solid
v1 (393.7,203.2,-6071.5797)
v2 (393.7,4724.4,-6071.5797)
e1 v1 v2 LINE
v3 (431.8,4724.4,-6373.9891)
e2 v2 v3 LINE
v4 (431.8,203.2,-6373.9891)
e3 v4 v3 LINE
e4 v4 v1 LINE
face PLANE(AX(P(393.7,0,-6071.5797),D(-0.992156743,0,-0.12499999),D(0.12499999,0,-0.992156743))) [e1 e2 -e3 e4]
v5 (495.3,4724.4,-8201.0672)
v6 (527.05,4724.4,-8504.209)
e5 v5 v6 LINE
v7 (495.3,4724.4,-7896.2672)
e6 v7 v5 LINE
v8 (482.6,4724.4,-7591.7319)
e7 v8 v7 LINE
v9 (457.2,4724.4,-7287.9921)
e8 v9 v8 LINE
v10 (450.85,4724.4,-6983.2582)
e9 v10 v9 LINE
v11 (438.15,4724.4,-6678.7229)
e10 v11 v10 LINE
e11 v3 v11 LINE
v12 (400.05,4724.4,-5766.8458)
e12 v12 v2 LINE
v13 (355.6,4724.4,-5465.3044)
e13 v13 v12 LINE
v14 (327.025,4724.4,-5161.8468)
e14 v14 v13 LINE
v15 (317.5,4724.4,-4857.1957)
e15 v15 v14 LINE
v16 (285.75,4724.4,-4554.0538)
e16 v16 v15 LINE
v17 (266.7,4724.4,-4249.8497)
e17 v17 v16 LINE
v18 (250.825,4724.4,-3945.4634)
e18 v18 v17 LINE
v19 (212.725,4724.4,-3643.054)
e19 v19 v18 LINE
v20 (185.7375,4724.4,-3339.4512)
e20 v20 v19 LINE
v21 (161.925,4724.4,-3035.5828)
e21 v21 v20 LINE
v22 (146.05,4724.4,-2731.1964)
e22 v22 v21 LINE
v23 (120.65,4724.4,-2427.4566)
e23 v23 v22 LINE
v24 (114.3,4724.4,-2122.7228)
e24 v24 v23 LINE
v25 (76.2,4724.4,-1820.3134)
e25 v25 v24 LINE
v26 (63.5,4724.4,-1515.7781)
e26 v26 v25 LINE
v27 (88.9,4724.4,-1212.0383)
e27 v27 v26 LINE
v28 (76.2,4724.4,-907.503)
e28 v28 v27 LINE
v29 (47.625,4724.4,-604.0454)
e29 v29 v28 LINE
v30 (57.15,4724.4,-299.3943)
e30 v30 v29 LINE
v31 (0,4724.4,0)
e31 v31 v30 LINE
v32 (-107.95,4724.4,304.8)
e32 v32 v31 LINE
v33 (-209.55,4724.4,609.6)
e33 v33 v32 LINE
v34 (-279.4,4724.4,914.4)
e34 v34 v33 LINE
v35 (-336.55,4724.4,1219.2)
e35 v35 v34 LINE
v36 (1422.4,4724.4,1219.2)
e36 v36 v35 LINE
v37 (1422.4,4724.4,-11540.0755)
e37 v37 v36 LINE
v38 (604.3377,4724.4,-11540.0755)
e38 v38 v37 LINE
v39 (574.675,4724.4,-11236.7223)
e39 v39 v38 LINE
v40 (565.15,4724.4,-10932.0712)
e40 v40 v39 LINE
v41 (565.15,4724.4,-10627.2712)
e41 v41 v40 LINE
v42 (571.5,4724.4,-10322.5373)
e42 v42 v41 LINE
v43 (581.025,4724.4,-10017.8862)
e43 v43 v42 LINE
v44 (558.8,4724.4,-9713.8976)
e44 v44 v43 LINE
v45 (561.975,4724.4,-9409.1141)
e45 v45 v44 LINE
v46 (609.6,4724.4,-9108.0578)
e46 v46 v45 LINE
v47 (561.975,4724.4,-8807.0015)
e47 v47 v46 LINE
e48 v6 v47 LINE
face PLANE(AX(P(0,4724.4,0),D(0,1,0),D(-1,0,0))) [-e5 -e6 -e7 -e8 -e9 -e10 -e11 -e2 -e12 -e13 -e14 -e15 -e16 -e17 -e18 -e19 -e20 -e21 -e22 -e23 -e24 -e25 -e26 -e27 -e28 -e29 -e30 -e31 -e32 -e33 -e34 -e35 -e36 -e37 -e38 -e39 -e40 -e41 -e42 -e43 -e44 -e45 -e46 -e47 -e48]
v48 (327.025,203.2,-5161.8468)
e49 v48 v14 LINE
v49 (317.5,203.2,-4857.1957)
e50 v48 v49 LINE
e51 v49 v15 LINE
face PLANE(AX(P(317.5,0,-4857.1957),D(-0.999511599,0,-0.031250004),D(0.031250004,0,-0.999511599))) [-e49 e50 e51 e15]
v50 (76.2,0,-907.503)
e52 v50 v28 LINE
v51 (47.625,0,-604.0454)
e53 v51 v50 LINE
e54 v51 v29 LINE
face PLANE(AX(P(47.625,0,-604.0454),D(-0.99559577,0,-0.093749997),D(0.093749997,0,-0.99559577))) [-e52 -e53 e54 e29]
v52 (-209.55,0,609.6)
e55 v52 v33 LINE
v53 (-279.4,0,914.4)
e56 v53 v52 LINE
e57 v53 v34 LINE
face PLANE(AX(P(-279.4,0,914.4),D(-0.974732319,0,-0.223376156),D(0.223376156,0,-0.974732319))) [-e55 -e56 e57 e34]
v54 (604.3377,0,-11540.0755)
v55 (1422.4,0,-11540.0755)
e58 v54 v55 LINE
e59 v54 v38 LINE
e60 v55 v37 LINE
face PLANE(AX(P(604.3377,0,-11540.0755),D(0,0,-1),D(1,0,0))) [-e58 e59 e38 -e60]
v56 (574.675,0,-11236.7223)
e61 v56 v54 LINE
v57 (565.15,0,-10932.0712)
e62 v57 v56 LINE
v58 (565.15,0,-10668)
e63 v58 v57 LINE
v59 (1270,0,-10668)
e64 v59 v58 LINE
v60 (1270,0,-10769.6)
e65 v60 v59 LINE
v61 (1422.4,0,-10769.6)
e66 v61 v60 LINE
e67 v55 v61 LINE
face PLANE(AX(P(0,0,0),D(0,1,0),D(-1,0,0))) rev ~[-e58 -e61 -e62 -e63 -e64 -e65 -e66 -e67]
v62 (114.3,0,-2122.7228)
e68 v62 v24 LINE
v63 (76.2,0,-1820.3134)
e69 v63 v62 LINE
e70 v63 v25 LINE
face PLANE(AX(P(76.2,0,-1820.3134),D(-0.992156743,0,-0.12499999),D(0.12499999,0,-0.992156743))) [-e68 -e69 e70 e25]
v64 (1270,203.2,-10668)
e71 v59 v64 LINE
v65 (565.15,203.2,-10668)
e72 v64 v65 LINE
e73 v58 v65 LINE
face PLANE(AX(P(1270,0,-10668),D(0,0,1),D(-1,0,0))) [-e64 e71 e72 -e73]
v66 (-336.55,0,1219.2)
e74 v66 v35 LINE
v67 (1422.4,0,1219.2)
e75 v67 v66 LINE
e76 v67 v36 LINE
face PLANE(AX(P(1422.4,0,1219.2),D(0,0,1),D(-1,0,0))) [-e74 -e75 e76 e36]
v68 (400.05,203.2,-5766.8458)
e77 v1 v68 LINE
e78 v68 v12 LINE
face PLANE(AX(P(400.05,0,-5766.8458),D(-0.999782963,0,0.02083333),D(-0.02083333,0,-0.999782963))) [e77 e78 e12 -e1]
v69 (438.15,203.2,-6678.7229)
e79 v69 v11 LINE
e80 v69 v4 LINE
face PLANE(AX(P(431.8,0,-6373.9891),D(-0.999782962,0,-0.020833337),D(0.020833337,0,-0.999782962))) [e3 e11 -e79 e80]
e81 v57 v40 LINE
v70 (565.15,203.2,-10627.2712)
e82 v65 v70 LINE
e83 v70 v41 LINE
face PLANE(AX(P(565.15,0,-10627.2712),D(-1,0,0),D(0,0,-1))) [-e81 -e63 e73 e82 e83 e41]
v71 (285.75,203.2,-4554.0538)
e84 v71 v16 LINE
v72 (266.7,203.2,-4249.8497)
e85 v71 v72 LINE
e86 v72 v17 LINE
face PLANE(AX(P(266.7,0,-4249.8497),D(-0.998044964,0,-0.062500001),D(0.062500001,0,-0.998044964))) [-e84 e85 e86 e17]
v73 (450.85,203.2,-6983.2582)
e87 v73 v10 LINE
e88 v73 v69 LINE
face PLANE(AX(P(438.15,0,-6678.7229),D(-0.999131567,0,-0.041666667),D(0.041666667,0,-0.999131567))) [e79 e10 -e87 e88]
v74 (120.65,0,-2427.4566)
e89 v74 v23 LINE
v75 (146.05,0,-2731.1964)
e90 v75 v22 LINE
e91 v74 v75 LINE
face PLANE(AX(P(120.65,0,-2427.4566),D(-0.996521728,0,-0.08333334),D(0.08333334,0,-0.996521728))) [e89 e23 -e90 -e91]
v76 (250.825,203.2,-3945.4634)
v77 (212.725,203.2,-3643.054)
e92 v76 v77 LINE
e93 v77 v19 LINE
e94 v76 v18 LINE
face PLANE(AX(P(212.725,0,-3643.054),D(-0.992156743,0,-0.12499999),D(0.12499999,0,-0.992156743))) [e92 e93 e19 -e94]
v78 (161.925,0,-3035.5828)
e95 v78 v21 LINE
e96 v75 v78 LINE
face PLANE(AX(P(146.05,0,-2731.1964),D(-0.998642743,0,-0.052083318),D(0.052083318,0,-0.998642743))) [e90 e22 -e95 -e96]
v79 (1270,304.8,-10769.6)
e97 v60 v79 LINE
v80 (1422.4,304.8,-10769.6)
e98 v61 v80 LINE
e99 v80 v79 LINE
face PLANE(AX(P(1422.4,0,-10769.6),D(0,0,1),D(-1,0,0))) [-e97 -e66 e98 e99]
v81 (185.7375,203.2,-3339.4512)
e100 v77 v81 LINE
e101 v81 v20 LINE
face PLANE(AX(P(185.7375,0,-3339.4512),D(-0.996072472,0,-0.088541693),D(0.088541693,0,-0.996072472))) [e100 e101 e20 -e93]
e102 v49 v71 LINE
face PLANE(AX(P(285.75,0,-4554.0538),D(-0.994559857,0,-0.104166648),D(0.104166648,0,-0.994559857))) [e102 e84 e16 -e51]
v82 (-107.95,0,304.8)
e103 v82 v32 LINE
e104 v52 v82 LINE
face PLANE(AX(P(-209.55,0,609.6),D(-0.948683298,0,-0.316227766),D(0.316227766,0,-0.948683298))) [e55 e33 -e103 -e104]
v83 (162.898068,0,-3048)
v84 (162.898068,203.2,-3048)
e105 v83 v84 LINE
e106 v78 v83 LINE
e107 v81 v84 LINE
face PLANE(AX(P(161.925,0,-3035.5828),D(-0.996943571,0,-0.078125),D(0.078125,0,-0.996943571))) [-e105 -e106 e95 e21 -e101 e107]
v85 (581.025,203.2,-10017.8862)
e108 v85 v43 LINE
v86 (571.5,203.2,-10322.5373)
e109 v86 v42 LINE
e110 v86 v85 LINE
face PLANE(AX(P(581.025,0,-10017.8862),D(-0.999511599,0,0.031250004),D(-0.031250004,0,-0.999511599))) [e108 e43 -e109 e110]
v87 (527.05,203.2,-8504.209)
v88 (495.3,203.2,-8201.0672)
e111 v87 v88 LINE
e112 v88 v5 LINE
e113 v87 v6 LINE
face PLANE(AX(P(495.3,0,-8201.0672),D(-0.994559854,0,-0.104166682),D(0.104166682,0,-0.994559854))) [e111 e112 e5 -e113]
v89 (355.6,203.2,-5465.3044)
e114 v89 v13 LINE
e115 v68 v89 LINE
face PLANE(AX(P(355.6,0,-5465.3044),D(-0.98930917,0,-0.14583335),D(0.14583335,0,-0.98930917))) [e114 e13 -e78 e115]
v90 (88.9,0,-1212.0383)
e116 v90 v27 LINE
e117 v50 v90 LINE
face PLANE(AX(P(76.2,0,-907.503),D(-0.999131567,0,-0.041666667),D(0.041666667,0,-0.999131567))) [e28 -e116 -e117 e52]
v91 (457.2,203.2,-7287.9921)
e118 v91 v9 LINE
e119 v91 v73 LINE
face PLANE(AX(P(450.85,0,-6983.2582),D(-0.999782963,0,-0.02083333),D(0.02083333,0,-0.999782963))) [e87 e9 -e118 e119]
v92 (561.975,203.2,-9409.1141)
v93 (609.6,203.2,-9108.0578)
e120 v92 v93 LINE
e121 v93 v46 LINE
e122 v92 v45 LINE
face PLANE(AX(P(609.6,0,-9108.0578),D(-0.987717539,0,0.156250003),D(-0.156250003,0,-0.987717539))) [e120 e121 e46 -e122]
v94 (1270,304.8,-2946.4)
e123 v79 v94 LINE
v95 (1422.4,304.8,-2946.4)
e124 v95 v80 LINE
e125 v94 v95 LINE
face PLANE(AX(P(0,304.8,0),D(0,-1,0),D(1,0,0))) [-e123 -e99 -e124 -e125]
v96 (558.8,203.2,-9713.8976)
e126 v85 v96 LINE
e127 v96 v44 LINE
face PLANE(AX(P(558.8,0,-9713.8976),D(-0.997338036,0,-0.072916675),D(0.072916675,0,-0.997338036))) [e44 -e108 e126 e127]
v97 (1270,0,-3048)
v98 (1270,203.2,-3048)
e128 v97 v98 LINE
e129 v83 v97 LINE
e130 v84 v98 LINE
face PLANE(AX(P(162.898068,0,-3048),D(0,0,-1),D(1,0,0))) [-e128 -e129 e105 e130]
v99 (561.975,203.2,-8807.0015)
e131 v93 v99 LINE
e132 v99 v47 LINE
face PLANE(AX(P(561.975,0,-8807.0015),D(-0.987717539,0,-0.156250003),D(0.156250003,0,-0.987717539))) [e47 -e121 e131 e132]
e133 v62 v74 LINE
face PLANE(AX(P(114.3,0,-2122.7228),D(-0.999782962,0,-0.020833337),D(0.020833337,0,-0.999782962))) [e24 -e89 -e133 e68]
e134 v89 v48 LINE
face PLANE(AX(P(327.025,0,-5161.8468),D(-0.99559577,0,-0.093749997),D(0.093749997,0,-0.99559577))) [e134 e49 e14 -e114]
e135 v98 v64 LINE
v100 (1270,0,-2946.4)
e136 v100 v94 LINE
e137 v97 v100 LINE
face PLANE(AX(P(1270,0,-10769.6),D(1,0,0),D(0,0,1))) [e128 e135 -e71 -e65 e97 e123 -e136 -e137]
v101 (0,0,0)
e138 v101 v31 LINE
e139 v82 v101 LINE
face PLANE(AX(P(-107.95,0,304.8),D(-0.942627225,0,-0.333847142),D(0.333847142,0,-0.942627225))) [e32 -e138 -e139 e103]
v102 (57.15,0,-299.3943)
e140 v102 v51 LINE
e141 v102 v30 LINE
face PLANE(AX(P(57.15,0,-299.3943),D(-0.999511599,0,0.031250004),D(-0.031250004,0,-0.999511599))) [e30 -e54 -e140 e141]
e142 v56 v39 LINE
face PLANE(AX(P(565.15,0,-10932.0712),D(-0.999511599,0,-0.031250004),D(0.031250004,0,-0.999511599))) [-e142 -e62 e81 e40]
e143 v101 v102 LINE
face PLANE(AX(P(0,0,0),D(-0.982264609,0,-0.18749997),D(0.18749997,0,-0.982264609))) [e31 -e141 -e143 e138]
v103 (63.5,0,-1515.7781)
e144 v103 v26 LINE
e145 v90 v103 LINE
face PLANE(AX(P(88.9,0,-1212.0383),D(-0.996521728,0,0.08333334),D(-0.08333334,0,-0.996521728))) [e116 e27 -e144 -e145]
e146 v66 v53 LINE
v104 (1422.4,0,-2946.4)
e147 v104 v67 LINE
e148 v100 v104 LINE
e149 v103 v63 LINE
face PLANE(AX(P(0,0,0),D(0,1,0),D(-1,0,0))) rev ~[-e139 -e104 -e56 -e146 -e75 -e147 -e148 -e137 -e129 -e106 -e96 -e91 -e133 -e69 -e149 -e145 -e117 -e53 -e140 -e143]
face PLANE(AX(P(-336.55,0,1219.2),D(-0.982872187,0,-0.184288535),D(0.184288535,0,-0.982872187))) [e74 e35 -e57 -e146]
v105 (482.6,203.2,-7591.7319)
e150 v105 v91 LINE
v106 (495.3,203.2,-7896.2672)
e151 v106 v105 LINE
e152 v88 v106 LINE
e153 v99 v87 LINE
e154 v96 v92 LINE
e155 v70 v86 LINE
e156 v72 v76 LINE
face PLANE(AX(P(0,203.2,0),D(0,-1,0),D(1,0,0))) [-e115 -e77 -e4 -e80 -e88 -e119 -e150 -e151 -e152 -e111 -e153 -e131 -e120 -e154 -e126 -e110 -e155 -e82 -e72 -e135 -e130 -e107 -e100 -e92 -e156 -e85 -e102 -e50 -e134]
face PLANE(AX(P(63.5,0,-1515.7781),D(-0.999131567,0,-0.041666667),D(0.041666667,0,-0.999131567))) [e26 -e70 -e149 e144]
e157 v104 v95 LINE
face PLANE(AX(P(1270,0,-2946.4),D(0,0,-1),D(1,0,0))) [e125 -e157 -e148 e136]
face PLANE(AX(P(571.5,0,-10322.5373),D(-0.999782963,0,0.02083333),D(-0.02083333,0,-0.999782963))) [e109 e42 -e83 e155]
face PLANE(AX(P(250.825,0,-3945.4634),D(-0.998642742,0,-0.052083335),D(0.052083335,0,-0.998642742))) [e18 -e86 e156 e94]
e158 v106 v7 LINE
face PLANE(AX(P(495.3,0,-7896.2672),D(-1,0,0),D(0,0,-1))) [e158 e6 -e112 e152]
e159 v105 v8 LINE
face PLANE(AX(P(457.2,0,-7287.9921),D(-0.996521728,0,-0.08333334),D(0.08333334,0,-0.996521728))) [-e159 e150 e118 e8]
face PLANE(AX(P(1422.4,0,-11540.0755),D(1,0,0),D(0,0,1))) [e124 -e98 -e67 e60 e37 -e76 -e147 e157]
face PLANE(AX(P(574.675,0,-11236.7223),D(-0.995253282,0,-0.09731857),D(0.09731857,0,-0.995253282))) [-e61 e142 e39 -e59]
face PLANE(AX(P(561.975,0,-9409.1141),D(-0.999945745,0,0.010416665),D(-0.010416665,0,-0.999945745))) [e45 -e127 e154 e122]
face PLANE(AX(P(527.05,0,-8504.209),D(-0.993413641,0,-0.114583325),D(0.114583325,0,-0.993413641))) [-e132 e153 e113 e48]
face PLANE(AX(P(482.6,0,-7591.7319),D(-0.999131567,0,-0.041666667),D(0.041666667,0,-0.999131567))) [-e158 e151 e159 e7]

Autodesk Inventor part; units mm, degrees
ref_plane "XZ Plane" through (0, 0, 0) normal (0, 1, 0) x (-1, 0, 0)
sketch "Sketch1" plane through (0, 0, 0) normal (0, 1, 0) x (-1, 0, 0)
  line L0 (368.3, 1219.2) -> (368.3, -11582.4)
  line L1 (368.3, 1219.2) -> (336.55, 1219.2)
  line L2 (336.55, 1219.2) -> (279.4, 914.4)
  line L3 (279.4, 914.4) -> (209.55, 609.6)
  line L4 (209.55, 609.6) -> (107.95, 304.8)
  line L5 (107.95, 304.8) -> (0, 0)
  line L6 (0, 0) -> (-57.15, -299.3943)
  line L7 (-57.15, -299.3943) -> (-47.625, -604.0454)
  line L8 (-47.625, -604.0454) -> (-76.2, -907.503)
  line L9 (-76.2, -907.503) -> (-88.9, -1212.0383)
  line L10 (-88.9, -1212.0383) -> (-63.5, -1515.7781)
  line L11 (-63.5, -1515.7781) -> (-76.2, -1820.3134)
  line L12 (-76.2, -1820.3134) -> (-114.3, -2122.7228)
  line L13 (-114.3, -2122.7228) -> (-120.65, -2427.4566)
  line L14 (-120.65, -2427.4566) -> (-146.05, -2731.1964)
  line L15 (-146.05, -2731.1964) -> (-161.925, -3035.5828)
  line L16 (-161.925, -3035.5828) -> (-185.7375, -3339.4512)
  line L17 (-185.7375, -3339.4512) -> (-212.725, -3643.054)
  line L18 (-212.725, -3643.054) -> (-250.825, -3945.4634)
  line L19 (-250.825, -3945.4634) -> (-266.7, -4249.8497)
  line L20 (-266.7, -4249.8497) -> (-285.75, -4554.0538)
  line L21 (-285.75, -4554.0538) -> (-317.5, -4857.1957)
  line L22 (-317.5, -4857.1957) -> (-327.025, -5161.8468)
  line L23 (-327.025, -5161.8468) -> (-355.6, -5465.3044)
  line L24 (-355.6, -5465.3044) -> (-400.05, -5766.8458)
  line L25 (-400.05, -5766.8458) -> (-393.7, -6071.5797)
  line L26 (-393.7, -6071.5797) -> (-431.8, -6373.9891)
  line L27 (-431.8, -6373.9891) -> (-438.15, -6678.7229)
  line L28 (-438.15, -6678.7229) -> (-450.85, -6983.2582)
  line L29 (-450.85, -6983.2582) -> (-457.2, -7287.9921)
  line L30 (-457.2, -7287.9921) -> (-482.6, -7591.7319)
  line L31 (-482.6, -7591.7319) -> (-495.3, -7896.2672)
  line L32 (-495.3, -7896.2672) -> (-495.3, -8201.0672)
  line L33 (-495.3, -8201.0672) -> (-527.05, -8504.209)
  line L34 (-527.05, -8504.209) -> (-561.975, -8807.0015)
  line L35 (-561.975, -8807.0015) -> (-609.6, -9108.0578)
  line L36 (-609.6, -9108.0578) -> (-561.975, -9409.1141)
  line L37 (-561.975, -9409.1141) -> (-558.8, -9713.8976)
  line L38 (-558.8, -9713.8976) -> (-581.025, -10017.8862)
  line L39 (-581.025, -10017.8862) -> (-571.5, -10322.5373)
  line L40 (-571.5, -10322.5373) -> (-565.15, -10627.2712)
  line L41 (-565.15, -10627.2712) -> (-565.15, -10932.0712)
  line L42 (-565.15, -10932.0712) -> (-574.675, -11236.7223)
  line L43 (-574.675, -11236.7223) -> (-604.3377, -11540.0755)
  line L44 (-1422.4, 1219.2) -> (336.55, 1219.2)
  line L45 (-604.3377, -11540.0755) -> (-1422.4, -11540.0755)
  line L46 (-1422.4, -11540.0755) -> (-1422.4, 1219.2)
  point P0 (368.3, -5181.6)
  dimension "d4" = 1219.2
  dimension "d5" = 11582.4
  dimension "d6" = 368.3
  dimension "d8" = 31.75
  dimension "d10" = 304.8
  dimension "d14" = 88.9
  dimension "d15" = 304.8
  dimension "d16" = 304.8
  dimension "d17" = 260.35
  dimension "d18" = 158.75
  dimension "d20" = 304.8
  dimension "d21" = 425.45
  dimension "d22" = 304.8
  dimension "d23" = 415.925
  dimension "d24" = 304.8
  dimension "d25" = 444.5
  dimension "d26" = 304.8
  dimension "d27" = 457.2
  dimension "d28" = 304.8
  dimension "d29" = 431.8
  dimension "d30" = 304.8
  dimension "d31" = 444.5
  dimension "d32" = 304.8
  dimension "d33" = 482.6
  dimension "d34" = 304.8
  dimension "d35" = 488.95
  dimension "d36" = 304.8
  dimension "d37" = 514.35
  dimension "d39" = 304.8
  dimension "d40" = 530.225
  dimension "d41" = 304.8
  dimension "d42" = 554.0375
  dimension "d43" = 304.8
  dimension "d44" = 581.025
  dimension "d45" = 304.8
  dimension "d46" = 619.125
  dimension "d47" = 304.8
  dimension "d48" = 635
  dimension "d49" = 304.8
  dimension "d50" = 654.05
  dimension "d51" = 304.8
  dimension "d52" = 685.8
  dimension "d53" = 304.8
  dimension "d54" = 695.325
  dimension "d55" = 304.8
  dimension "d56" = 723.9
  dimension "d57" = 304.8
  dimension "d58" = 768.35
  dimension "d59" = 304.8
  dimension "d60" = 762
  dimension "d61" = 304.8
  dimension "d62" = 800.1
  dimension "d63" = 304.8
  dimension "d64" = 806.45
  dimension "d65" = 304.8
  dimension "d66" = 819.15
  dimension "d67" = 304.8
  dimension "d68" = 825.5
  dimension "d69" = 304.8
  dimension "d70" = 850.9
  dimension "d71" = 304.8
  dimension "d72" = 863.6
  dimension "d73" = 304.8
  dimension "d74" = 863.6
extrude "Extrusion1" add sketch "Sketch1" along normal blind 4724.4
ref_plane "Work Plane1" through (0, 0, 0) normal (1, 0, 0) x (0, 1, 0)
sketch "Sketch2" plane through (0, 0, 0) normal (0, -1, 0) x (1, 0, 0)
  line L0 (1422.4, 1219.2) -> (1422.4, -11540.0755) projected
  line L1 (1422.4, -10769.6) -> (1270, -10769.6)
  line L2 (1270, -10769.6) -> (1270, -2946.4)
  line L3 (1270, -2946.4) -> (1422.4, -2946.4)
  line L4 (1422.4, -2946.4) -> (1422.4, -10769.6)
  point P0 (0, 0)
  dimension "d101" = 2946.4
  dimension "d102" = 152.4
  dimension "d103" = 7823.2
extrude "Extrusion2" cut sketch "Sketch2" against normal blind 304.8
sketch "Sketch3" plane through (0, 0, 0) normal (0, -1, 0) x (1, 0, 0)
  line L0 (1270, -10668) -> (-142.875, -10668)
  line L1 (-142.875, -10668) -> (-142.875, -3048)
  line L2 (-142.875, -3048) -> (1270, -3048)
  line L3 (1270, -3048) -> (1270, -10668)
  line L4 (1422.4, -10769.6) -> (1270, -10769.6) projected
  line L5 (1270, -10769.6) -> (1270, -2946.4) projected
  line L6 (1270, -2946.4) -> (1422.4, -2946.4) projected
  line L7 (185.7375, -3339.4512) -> (161.925, -3035.5828) projected
  point P0 (0, 0)
  point P1 (162.8981, -3048)
  dimension "d106" = 101.6
  dimension "d107" = 101.6
  dimension "d111" = 1412.875
extrude "Extrusion3" cut sketch "Sketch3" against normal blind 203.2
ref_plane "Work Plane2" through (88.9, 4724.4, -1212.0383) normal (1, 0, 0) x (0, 1, 0)
properties part number "Elevation_Profile_Extending_NW_From_N_Edge_Of_Foundation_Where_Foundation_Meets_Ground"
